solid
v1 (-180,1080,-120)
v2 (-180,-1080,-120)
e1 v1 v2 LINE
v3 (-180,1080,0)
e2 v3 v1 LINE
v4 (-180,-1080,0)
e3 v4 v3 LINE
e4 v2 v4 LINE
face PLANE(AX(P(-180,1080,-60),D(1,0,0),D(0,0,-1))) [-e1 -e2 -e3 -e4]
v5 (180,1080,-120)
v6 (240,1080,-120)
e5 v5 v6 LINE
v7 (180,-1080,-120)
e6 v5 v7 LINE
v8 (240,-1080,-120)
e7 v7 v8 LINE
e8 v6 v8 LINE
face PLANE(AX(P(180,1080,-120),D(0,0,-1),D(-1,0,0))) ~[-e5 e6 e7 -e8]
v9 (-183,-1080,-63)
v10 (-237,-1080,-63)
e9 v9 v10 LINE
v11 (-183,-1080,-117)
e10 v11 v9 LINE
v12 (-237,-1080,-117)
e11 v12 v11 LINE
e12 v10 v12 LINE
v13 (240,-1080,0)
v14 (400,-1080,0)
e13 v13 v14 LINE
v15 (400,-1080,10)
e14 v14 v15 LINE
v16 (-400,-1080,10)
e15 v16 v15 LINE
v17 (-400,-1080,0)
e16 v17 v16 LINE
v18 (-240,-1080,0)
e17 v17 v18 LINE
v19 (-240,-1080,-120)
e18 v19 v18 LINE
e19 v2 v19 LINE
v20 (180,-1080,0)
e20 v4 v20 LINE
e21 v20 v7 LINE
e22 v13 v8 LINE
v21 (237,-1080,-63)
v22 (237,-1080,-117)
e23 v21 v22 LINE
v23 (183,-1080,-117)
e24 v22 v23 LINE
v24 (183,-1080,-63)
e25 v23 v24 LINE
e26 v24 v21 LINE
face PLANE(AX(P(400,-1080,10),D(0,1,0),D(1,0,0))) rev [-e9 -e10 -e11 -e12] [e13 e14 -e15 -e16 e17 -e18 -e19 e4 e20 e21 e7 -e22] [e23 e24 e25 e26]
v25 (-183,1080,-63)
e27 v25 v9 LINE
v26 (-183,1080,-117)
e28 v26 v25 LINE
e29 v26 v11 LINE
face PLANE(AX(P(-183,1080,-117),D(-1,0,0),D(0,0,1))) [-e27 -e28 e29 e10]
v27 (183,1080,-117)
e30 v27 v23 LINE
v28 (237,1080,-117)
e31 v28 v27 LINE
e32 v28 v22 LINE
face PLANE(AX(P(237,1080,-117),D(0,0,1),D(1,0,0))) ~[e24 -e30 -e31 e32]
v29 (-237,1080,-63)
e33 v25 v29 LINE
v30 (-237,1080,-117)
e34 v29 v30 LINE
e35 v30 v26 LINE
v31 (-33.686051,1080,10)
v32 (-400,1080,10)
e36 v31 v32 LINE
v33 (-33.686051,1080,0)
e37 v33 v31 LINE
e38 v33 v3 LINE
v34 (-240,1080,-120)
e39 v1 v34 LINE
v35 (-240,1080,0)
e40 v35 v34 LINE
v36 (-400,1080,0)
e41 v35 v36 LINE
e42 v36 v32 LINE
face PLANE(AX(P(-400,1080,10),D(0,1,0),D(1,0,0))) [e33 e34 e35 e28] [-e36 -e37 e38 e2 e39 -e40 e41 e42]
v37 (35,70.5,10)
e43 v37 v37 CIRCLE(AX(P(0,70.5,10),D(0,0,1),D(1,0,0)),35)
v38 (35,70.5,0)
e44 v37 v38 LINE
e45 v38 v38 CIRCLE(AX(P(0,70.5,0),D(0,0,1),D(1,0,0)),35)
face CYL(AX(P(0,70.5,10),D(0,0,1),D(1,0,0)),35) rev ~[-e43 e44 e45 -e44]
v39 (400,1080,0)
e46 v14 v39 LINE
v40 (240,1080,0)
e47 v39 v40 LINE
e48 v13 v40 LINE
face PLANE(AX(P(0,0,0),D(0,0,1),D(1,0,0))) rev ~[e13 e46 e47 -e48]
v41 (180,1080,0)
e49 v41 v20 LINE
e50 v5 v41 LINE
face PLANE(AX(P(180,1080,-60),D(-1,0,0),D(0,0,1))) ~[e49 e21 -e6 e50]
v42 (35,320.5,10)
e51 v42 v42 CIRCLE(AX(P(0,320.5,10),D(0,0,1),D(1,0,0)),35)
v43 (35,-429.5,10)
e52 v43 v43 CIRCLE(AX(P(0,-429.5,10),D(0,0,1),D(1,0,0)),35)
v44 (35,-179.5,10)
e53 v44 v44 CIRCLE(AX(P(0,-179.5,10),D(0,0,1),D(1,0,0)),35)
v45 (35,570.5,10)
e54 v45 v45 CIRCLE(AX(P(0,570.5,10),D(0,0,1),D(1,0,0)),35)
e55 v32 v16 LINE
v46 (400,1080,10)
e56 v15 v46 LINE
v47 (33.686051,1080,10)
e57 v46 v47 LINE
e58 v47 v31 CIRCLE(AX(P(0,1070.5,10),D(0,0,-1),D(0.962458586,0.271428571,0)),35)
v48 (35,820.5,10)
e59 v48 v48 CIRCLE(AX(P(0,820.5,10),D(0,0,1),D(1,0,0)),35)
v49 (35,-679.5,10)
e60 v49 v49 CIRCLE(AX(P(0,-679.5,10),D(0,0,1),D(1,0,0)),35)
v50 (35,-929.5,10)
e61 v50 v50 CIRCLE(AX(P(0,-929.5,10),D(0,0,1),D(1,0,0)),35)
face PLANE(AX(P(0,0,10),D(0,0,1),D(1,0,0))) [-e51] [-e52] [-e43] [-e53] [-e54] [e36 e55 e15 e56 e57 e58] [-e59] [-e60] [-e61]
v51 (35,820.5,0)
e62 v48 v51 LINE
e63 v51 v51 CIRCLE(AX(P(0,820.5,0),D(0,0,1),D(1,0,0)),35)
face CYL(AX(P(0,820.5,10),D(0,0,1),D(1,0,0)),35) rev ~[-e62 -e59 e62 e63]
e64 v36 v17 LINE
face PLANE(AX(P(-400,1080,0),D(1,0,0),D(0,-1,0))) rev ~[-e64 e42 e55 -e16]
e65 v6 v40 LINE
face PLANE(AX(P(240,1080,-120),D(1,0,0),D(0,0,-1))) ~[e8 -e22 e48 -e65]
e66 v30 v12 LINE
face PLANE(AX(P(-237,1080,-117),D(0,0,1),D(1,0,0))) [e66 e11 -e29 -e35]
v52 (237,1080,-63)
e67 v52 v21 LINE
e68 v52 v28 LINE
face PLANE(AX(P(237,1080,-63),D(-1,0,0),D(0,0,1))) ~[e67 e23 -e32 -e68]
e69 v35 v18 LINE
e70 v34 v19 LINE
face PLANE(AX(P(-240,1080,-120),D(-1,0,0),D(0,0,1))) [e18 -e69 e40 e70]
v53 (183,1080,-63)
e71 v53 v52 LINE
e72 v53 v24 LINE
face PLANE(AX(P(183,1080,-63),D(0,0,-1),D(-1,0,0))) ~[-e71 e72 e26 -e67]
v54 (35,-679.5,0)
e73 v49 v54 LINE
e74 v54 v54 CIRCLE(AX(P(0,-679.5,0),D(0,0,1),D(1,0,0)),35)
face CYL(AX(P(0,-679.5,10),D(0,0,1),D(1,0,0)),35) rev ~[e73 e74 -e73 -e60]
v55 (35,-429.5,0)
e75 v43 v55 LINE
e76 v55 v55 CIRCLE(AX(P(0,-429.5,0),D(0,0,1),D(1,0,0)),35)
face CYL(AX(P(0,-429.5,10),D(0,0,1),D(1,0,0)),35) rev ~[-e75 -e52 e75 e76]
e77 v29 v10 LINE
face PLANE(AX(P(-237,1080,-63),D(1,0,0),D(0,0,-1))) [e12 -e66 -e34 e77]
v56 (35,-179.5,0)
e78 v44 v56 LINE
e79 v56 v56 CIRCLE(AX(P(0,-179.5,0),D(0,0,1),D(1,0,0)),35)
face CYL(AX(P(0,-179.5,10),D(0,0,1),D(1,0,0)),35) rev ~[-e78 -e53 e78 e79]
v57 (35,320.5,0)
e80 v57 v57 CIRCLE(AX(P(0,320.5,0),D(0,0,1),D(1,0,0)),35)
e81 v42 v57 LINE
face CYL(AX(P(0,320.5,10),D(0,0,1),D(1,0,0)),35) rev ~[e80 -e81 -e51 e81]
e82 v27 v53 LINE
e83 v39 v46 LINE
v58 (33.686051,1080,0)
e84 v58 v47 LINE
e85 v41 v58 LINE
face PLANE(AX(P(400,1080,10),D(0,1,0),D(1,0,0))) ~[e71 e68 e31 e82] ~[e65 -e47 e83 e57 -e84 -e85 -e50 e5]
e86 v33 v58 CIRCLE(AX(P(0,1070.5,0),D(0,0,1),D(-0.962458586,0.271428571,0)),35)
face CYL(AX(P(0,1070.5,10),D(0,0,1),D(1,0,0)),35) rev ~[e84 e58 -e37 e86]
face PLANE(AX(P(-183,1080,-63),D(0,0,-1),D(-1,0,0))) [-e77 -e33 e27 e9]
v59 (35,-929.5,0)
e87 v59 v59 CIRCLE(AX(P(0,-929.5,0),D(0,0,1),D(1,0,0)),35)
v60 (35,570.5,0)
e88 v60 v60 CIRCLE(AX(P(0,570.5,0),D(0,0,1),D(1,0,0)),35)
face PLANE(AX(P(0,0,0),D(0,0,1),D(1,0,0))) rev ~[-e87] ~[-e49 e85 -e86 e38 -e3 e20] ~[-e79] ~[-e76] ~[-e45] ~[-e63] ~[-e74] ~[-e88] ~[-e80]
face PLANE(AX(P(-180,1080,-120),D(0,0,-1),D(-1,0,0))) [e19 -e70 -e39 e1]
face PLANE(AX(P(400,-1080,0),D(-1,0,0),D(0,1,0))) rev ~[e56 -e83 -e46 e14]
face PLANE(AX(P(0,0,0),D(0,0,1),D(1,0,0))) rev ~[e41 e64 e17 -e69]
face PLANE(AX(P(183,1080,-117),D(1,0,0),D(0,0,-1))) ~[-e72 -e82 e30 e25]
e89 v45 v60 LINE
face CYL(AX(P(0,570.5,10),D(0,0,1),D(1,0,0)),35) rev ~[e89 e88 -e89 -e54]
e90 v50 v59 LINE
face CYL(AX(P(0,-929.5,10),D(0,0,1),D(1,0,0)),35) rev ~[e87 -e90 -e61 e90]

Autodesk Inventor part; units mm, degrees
ref_plane "YZ Plane" through (0, 0, 0) normal (1, 0, 0) x (0, 1, 0)
ref_plane "XZ Plane" through (0, 0, 0) normal (0, 1, 0) x (-1, 0, 0)
ref_plane "XY Plane" through (0, 0, 0) normal (0, 0, 1) x (1, 0, 0)
sketch "Sketch1" plane through (0, 0, 0) normal (0, 0, 1) x (1, 0, 0)
  line L0 (-400, -1080) -> (400, -1080)
  line L1 (400, -1080) -> (400, 1080)
  line L2 (400, 1080) -> (-400, 1080)
  line L3 (-400, 1080) -> (-400, -1080)
  line L4 (-400, -1080) -> (400, 1080) construction
  line L5 (400, -1080) -> (-400, 1080) construction
  point P0 (0, 0)
  dimension "d0" = 800
  dimension "d1" = 2160
extrude "Plate1" add sketch "Sketch1" along normal blind 10
sketch "Sketch2" plane through (0, 0, 10) normal (0, 0, 1) x (1, 0, 0)
  line L0 (400, -1080) -> (-400, -1080) projected
  line L1 (400, 1080) -> (400, -1080) projected
  line L2 (-400, 1080) -> (400, 1080) projected
  line L3 (-400, -1080) -> (-400, 1080) projected
  circle A0 centre (0, -929.5) radius 35
  point P0 (0, 0)
  point P1 (0, -1080)
  dimension "d3" = 70
  dimension "d4" = 150.5
extrude "Extrusion1" cut sketch "Sketch2" against normal through all contours A0
pattern_linear "Rectangular Pattern1" count 9 spacing 250 along (0, 1, 0) of "Extrusion1"
sketch "Sketch3" plane through (0, 0, 0) normal (0, 0, -1) x (-1, 0, 0)
  line L0 (240, -1080) -> (180, -1080)
  line L1 (180, -1080) -> (180, 1080)
  line L2 (180, 1080) -> (240, 1080)
  line L3 (240, 1080) -> (240, -1080)
  line L4 (-180, -1080) -> (-240, -1080)
  line L5 (-240, -1080) -> (-240, 1080)
  line L6 (-240, 1080) -> (-180, 1080)
  line L7 (-180, 1080) -> (-180, -1080)
  line L8 (0, -1080) -> (0, 1305.1217) construction
  line L9 (400, -1080) -> (-400, -1080) projected
  line L10 (-400, 1080) -> (400, 1080) projected
  point P0 (0, 0)
  dimension "d10" = 60
  dimension "d11" = 360
extrude "Extrusion2" add sketch "Sketch3" along normal blind 60 contours L0 L1 L2 L3 | L4 L5 L6 L7
sketch "Sketch4" plane through (-400, 1080, 10) normal (0, 1, 0) x (1, 0, 0)
  line L0 (160, 70) -> (220, 70) projected
  line L1 (160, 70) -> (220, 70)
  line L2 (220, 70) -> (220, 130)
  line L3 (220, 130) -> (160, 130)
  line L4 (160, 130) -> (160, 70)
  line L5 (163, 127) -> (217, 127)
  line L6 (217, 127) -> (217, 73)
  line L7 (217, 73) -> (163, 73)
  line L8 (163, 73) -> (163, 127)
  point P0 (400, 10)
  dimension "d15" = 60
  dimension "d16" = 3
extrude "Extrusion3" add sketch "Sketch4" against normal up to surface (2160 mm away)
mirror "Mirror1" about plane through (0, 0, 0) normal (1, 0, 0) of "Extrusion3"
equation "\"d2\" = Thickness"
equation "\"BendReliefDepth\" = 0.5 * Thickness"
equation "\"Thickness\" = 10"
properties part number "ДМФ 067 крышка v2.0"
